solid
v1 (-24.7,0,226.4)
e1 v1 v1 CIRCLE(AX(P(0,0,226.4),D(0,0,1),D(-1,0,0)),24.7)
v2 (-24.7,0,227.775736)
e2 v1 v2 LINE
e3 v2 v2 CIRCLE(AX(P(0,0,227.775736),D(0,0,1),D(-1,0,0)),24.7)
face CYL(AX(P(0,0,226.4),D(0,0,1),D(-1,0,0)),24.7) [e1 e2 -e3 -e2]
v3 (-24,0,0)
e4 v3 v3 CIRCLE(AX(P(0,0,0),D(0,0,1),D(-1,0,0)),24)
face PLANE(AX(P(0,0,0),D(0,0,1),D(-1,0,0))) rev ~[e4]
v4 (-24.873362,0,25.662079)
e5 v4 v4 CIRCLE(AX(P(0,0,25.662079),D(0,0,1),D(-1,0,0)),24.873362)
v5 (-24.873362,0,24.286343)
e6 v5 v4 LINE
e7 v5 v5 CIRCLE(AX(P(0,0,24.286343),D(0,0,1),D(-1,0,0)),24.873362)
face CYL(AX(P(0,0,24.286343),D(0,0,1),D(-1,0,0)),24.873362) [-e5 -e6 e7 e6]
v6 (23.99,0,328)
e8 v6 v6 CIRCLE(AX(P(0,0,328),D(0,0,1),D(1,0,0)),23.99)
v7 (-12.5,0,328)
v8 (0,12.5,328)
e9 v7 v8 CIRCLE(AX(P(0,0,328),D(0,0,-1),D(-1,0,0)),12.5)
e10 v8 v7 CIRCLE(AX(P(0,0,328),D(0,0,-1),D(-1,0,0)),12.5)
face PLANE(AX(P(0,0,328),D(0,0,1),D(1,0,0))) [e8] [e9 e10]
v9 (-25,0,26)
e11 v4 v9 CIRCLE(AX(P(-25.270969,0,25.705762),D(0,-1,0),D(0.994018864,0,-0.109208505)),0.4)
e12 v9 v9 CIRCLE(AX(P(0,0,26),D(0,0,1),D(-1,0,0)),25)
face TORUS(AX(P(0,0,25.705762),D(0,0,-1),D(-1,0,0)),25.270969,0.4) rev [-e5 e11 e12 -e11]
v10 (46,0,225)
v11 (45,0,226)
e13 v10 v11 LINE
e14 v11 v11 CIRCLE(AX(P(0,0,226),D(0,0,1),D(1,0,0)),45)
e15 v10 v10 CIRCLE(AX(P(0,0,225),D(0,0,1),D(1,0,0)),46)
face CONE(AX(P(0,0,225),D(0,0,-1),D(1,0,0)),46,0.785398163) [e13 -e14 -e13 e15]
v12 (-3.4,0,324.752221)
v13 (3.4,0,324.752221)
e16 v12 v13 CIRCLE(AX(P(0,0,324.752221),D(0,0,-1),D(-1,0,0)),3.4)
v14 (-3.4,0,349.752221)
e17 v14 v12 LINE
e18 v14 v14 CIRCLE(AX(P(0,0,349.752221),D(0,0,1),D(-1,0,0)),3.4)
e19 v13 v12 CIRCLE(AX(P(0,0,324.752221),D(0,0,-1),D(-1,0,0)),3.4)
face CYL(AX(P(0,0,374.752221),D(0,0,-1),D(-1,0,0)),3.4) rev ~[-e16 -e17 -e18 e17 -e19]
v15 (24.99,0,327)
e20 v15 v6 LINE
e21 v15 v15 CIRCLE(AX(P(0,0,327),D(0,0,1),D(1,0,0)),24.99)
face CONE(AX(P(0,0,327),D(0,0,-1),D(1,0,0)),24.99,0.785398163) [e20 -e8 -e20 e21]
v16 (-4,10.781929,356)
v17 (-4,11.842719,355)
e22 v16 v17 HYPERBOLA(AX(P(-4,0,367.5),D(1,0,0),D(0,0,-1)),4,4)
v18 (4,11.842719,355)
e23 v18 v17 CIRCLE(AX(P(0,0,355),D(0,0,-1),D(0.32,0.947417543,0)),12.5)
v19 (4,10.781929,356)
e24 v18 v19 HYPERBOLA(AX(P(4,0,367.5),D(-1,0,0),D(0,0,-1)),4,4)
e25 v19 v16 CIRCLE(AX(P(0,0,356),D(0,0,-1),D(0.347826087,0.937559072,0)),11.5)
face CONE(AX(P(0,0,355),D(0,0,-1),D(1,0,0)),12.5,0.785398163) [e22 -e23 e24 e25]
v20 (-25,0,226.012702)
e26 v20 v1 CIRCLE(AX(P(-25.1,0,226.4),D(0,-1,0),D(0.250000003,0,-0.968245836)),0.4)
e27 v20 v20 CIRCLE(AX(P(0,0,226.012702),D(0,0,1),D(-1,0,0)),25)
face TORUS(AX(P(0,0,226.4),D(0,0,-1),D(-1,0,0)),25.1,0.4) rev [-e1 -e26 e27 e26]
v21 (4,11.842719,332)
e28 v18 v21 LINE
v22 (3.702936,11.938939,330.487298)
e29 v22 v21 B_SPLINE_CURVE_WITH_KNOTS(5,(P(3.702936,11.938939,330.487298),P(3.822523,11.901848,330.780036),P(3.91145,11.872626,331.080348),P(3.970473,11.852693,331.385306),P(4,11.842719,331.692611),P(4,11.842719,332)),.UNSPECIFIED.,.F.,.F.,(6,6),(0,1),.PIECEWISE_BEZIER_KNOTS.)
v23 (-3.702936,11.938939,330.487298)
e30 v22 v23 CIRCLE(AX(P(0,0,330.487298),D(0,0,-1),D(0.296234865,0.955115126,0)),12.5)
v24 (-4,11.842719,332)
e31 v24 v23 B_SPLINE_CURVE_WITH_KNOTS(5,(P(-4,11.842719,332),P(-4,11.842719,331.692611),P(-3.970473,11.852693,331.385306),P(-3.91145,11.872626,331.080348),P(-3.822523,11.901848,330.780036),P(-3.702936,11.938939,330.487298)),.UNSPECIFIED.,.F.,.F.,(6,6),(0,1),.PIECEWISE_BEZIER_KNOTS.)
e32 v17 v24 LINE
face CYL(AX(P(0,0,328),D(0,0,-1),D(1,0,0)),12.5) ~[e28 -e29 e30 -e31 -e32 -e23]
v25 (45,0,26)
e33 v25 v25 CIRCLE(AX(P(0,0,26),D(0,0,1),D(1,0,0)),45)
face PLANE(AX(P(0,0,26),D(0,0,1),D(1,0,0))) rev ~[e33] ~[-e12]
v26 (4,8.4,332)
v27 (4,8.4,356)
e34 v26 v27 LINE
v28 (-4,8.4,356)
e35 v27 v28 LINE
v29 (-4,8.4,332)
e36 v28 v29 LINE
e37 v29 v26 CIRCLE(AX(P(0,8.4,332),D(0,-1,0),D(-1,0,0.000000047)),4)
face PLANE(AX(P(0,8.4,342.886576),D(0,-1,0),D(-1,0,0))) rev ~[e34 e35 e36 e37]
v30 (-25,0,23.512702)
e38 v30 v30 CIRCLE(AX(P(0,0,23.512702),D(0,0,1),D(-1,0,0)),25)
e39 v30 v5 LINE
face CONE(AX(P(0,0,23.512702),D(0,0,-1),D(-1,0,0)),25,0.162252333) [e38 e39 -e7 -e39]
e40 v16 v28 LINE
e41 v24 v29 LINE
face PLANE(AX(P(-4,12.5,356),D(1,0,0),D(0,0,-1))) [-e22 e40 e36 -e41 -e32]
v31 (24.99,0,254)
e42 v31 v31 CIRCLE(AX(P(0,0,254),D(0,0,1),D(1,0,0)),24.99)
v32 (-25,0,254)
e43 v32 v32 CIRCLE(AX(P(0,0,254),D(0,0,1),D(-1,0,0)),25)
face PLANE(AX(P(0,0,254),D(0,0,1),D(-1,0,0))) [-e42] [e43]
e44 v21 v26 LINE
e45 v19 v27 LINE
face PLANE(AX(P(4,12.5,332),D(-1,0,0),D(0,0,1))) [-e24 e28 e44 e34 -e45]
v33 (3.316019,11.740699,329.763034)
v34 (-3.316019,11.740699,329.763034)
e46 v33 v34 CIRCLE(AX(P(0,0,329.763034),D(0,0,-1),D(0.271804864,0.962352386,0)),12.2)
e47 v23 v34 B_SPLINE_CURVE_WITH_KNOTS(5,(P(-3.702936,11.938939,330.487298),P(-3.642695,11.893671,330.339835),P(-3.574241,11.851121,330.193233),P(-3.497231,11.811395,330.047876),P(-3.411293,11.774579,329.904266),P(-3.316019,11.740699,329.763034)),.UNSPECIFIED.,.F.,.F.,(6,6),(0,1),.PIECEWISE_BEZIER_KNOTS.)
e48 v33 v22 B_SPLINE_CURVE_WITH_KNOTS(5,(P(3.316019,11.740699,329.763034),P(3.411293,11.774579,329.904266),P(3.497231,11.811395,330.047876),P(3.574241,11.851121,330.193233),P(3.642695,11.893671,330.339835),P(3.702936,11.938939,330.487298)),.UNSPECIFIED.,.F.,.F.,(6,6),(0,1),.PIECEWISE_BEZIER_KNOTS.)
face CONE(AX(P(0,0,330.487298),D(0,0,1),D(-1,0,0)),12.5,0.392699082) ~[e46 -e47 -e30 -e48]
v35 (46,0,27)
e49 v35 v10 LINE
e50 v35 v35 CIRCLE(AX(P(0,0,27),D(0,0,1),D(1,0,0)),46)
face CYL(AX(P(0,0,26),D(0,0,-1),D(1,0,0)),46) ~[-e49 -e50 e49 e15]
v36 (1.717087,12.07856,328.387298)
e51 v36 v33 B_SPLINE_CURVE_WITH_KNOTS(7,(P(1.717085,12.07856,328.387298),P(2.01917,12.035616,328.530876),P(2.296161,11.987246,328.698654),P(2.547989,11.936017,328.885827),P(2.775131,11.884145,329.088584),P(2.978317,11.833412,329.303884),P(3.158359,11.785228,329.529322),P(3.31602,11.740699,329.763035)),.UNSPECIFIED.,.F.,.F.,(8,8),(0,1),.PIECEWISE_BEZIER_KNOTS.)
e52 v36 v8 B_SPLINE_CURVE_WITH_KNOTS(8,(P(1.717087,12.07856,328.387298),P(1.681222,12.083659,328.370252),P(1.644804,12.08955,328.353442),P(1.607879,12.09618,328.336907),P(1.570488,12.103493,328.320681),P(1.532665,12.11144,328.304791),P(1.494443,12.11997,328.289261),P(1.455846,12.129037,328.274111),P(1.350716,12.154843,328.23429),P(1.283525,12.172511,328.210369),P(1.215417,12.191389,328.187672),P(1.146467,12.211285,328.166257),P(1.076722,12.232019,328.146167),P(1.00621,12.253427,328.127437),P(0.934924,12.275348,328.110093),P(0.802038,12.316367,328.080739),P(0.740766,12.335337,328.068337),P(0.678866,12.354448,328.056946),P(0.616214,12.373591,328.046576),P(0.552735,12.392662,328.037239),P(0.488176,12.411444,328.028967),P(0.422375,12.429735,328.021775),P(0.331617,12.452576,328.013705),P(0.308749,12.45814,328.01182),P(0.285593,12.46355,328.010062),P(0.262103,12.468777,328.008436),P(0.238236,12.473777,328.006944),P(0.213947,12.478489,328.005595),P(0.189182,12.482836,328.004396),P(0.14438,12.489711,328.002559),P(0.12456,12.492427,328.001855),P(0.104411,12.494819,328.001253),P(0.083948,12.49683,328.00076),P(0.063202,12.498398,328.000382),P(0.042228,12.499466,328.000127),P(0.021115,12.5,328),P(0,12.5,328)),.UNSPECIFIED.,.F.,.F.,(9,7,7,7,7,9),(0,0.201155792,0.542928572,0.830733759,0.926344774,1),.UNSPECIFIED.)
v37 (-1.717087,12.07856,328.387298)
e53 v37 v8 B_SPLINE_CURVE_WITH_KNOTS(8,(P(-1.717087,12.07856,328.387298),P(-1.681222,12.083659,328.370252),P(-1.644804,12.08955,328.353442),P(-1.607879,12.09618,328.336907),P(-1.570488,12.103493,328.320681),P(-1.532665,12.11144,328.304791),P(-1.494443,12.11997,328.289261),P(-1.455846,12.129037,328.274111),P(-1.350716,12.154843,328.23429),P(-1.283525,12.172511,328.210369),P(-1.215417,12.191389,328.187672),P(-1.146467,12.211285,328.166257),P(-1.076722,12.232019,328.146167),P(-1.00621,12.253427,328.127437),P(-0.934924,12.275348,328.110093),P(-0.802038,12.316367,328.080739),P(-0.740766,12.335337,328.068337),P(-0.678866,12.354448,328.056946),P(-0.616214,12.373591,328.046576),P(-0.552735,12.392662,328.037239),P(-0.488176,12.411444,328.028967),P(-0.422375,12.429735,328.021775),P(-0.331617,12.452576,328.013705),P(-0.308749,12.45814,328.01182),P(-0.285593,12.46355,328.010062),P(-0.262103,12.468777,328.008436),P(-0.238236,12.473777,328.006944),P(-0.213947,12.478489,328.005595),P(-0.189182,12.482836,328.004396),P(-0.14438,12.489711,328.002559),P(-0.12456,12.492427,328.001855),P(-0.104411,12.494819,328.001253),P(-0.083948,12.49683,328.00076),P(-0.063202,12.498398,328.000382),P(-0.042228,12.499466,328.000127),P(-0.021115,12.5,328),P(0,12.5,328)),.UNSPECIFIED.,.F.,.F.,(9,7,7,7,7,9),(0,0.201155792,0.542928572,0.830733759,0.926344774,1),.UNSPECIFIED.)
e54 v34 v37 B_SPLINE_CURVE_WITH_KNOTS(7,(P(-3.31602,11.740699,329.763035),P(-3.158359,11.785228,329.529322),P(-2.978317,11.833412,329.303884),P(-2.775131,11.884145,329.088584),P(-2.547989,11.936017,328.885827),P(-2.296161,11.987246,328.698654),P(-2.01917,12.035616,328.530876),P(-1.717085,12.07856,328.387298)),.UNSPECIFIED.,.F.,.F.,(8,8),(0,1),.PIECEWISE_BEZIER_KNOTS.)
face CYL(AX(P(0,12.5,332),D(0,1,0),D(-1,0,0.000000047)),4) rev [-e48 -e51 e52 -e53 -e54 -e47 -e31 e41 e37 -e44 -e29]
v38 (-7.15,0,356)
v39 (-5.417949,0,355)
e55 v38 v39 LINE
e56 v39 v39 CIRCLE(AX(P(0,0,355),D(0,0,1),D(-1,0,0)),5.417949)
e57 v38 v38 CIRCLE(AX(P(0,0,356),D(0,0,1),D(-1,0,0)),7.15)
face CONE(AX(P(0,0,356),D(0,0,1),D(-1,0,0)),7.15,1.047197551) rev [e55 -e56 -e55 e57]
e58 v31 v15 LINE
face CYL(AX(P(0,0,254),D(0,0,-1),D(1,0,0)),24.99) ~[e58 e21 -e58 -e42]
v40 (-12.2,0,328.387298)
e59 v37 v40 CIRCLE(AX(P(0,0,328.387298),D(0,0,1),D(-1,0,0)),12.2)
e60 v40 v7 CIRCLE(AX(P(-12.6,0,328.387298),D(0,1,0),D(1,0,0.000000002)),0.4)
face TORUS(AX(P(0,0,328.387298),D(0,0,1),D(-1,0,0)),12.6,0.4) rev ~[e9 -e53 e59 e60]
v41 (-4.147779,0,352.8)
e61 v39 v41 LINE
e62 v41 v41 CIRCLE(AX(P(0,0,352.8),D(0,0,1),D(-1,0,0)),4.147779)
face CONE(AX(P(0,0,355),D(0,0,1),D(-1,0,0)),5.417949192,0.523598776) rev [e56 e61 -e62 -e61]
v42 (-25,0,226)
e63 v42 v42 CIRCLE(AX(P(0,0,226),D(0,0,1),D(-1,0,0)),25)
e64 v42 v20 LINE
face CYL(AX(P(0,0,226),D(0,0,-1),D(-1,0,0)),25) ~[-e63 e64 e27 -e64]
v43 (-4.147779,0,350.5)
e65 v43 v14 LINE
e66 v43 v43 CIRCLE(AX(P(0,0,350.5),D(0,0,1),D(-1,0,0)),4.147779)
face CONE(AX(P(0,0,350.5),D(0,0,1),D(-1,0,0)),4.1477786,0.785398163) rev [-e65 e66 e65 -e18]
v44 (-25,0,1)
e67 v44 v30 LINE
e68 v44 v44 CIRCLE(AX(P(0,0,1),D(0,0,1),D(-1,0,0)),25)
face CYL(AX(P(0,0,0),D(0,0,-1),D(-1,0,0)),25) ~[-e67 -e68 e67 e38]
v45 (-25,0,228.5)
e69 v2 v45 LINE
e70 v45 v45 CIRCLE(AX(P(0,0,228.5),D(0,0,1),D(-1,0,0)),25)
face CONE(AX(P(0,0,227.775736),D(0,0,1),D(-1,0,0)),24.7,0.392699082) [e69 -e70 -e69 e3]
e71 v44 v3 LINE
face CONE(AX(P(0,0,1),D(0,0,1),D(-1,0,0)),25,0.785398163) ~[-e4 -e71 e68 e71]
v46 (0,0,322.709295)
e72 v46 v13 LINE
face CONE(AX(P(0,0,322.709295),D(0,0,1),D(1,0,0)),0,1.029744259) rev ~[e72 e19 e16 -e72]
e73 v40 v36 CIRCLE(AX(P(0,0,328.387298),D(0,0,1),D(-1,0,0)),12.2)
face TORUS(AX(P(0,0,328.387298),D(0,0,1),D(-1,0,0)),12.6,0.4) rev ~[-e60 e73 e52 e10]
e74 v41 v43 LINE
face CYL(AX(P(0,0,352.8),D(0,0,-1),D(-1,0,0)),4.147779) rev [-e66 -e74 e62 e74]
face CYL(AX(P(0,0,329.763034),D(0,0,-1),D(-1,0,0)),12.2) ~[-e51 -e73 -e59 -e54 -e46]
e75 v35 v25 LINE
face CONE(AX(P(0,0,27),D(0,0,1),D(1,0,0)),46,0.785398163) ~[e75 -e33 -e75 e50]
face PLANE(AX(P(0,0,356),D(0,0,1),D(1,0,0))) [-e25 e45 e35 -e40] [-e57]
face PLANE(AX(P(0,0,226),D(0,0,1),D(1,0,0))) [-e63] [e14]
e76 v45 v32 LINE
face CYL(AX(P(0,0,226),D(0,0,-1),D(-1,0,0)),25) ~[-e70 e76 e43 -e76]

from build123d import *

# Parameters (mm, degrees)
SKICA1_R                 = 25
P_IDAT_VYSUNUT_M1_DEPTH  = 26
SKICA2_R                 = 46
P_IDAT_VYSUNUT_M2_DEPTH  = 200
SKICA3_R                 = 25
P_IDAT_VYSUNUT_M3_DEPTH  = 28
SKICA4_R                 = 24.99
P_IDAT_VYSUNUT_M4_DEPTH  = 74
SKICA5_R                 = 12.5
P_IDAT_VYSUNUT_M5_DEPTH  = 28
ZKOSEN_1_SIZE            = 1
ODEBRAT_START            = 12.5
ODEBRAT_VYSUNUT_M2_DEPTH = 4.1
M8_Z_VIT1_D              = 6.8
M8_Z_VIT1_DEPTH          = 25
M8_Z_VIT1_TIP            = 2.042926105


with BuildPart() as part:
    # Skica1 → Přidat vysunutím1 (new body)
    with BuildSketch(Plane.XY):
        with Locations(Location((0, 0, 0), (0, 0, 180))):
            Circle(SKICA1_R)
    extrude(amount=P_IDAT_VYSUNUT_M1_DEPTH)

    # Skica2 → Přidat vysunutím2 (add)
    with BuildSketch(Plane.XY.offset(26)):
        Circle(SKICA2_R)
    extrude(amount=P_IDAT_VYSUNUT_M2_DEPTH)

    # Skica3 → Přidat vysunutím3 (add)
    with BuildSketch(Plane.XY.offset(226)):
        with Locations(Location((0, 0, 0), (0, 0, 180))):
            Circle(SKICA3_R)
    extrude(amount=P_IDAT_VYSUNUT_M3_DEPTH)

    # Skica4 → Přidat vysunutím4 (add)
    with BuildSketch(Plane.XY.offset(254)):
        Circle(SKICA4_R)
    extrude(amount=P_IDAT_VYSUNUT_M4_DEPTH)

    # Skica5 → Přidat vysunutím5 (add)
    with BuildSketch(Plane.XY.offset(328)):
        Circle(SKICA5_R)
    extrude(amount=P_IDAT_VYSUNUT_M5_DEPTH)

    # Zkosení1
    zkosen_1_edges = [part.edges().sort_by_distance(p)[0] for p in [
        (-24.99, 0, 328),
        (25, 0, 0),
        (-12.5, 0, 356),
        (-46, 0, 26),
        (-46, 0, 226),
    ]]
    chamfer(zkosen_1_edges, length=ZKOSEN_1_SIZE)

    # Skica15 → Odebrat rotací12 (revolve, cut)
    with BuildSketch(Plane(origin=(0, 0, 0), x_dir=(0, 0, -1), z_dir=(1, 0, 0)), mode=Mode.PRIVATE) as odebrat_rotac_12_sk:
        with BuildLine():
            Line((-226.4, 24.7), (-227.775735931, 24.7))
            Line((-227.775735931, 24.7), (-228.5, 25))
            Line((-228.5, 25), (-226.012701665, 25))
            ThreePointArc((-226.012701665, 25), (-226.155051026, 24.783772234), (-226.4, 24.7))
        make_face()
        with BuildLine():
            Line((-23.512701665, 25), (-24.28634316, 24.873361621))
            Line((-24.28634316, 24.873361621), (-25.662079091, 24.873361621))
            ThreePointArc((-25.662079091, 24.873361621), (-25.846132218, 24.896407636), (-26, 25))
            Line((-26, 25), (-23.512701665, 25))
        make_face()
        with BuildLine():
            Line((-328, 12.5), (-330.487298335, 12.5))
            Line((-330.487298335, 12.5), (-329.763034266, 12.2))
            Line((-329.763034266, 12.2), (-328.387298335, 12.2))
            ThreePointArc((-328.387298335, 12.2), (-328.14234936, 12.283772234), (-328, 12.5))
        make_face()
    revolve(odebrat_rotac_12_sk.sketch.rotate(Axis((0, 0, 400.442816929), (0, 0, 1)), 90), axis=Axis((0, 0, 400.442816929), (0, 0, 1)), mode=Mode.SUBTRACT)

    # Skica16 → Odebrat vysunutím2 (cut)
    with BuildSketch(Plane(origin=(0, 0, 0), x_dir=(1, 0, 0), z_dir=(0, 1, 0)).offset(ODEBRAT_START)):
        with BuildLine():
            Line((-4, -356), (-4, -332.00000019))
            ThreePointArc((-4, -332.00000019), (0, -328), (4, -332.00000019))
            Line((4, -332.00000019), (4, -356))
            Line((4, -356), (-4, -356))
        make_face()
    extrude(amount=-ODEBRAT_VYSUNUT_M2_DEPTH, mode=Mode.SUBTRACT)

    # Skica17 → Odebrat rotací14 (revolve, cut)
    with BuildSketch(Plane(origin=(0, 0, 0), x_dir=(1, 0, 0), z_dir=(0, 1, 0))):
        Polygon((0, -356), (-7.15, -356), (-5.417949192, -355), (-4.1477786, -352.8), (-4.1477786, -350.5), (-3.4, -349.7522214), (0, -349.7522214), align=None)
    revolve(axis=Axis((0, 0, 356), (0, 0, 1)), mode=Mode.SUBTRACT)

    # M8 závit1
    with Locations(Plane.XY.offset(349.7522214)):
        with Locations((0, 0)):
            Hole(M8_Z_VIT1_D / 2, depth=M8_Z_VIT1_DEPTH)
            with Locations((0, 0, -(M8_Z_VIT1_DEPTH + M8_Z_VIT1_TIP / 2))):  # 118° drill point
                Cone(0, M8_Z_VIT1_D / 2, M8_Z_VIT1_TIP, mode=Mode.SUBTRACT)


solid = part.part
